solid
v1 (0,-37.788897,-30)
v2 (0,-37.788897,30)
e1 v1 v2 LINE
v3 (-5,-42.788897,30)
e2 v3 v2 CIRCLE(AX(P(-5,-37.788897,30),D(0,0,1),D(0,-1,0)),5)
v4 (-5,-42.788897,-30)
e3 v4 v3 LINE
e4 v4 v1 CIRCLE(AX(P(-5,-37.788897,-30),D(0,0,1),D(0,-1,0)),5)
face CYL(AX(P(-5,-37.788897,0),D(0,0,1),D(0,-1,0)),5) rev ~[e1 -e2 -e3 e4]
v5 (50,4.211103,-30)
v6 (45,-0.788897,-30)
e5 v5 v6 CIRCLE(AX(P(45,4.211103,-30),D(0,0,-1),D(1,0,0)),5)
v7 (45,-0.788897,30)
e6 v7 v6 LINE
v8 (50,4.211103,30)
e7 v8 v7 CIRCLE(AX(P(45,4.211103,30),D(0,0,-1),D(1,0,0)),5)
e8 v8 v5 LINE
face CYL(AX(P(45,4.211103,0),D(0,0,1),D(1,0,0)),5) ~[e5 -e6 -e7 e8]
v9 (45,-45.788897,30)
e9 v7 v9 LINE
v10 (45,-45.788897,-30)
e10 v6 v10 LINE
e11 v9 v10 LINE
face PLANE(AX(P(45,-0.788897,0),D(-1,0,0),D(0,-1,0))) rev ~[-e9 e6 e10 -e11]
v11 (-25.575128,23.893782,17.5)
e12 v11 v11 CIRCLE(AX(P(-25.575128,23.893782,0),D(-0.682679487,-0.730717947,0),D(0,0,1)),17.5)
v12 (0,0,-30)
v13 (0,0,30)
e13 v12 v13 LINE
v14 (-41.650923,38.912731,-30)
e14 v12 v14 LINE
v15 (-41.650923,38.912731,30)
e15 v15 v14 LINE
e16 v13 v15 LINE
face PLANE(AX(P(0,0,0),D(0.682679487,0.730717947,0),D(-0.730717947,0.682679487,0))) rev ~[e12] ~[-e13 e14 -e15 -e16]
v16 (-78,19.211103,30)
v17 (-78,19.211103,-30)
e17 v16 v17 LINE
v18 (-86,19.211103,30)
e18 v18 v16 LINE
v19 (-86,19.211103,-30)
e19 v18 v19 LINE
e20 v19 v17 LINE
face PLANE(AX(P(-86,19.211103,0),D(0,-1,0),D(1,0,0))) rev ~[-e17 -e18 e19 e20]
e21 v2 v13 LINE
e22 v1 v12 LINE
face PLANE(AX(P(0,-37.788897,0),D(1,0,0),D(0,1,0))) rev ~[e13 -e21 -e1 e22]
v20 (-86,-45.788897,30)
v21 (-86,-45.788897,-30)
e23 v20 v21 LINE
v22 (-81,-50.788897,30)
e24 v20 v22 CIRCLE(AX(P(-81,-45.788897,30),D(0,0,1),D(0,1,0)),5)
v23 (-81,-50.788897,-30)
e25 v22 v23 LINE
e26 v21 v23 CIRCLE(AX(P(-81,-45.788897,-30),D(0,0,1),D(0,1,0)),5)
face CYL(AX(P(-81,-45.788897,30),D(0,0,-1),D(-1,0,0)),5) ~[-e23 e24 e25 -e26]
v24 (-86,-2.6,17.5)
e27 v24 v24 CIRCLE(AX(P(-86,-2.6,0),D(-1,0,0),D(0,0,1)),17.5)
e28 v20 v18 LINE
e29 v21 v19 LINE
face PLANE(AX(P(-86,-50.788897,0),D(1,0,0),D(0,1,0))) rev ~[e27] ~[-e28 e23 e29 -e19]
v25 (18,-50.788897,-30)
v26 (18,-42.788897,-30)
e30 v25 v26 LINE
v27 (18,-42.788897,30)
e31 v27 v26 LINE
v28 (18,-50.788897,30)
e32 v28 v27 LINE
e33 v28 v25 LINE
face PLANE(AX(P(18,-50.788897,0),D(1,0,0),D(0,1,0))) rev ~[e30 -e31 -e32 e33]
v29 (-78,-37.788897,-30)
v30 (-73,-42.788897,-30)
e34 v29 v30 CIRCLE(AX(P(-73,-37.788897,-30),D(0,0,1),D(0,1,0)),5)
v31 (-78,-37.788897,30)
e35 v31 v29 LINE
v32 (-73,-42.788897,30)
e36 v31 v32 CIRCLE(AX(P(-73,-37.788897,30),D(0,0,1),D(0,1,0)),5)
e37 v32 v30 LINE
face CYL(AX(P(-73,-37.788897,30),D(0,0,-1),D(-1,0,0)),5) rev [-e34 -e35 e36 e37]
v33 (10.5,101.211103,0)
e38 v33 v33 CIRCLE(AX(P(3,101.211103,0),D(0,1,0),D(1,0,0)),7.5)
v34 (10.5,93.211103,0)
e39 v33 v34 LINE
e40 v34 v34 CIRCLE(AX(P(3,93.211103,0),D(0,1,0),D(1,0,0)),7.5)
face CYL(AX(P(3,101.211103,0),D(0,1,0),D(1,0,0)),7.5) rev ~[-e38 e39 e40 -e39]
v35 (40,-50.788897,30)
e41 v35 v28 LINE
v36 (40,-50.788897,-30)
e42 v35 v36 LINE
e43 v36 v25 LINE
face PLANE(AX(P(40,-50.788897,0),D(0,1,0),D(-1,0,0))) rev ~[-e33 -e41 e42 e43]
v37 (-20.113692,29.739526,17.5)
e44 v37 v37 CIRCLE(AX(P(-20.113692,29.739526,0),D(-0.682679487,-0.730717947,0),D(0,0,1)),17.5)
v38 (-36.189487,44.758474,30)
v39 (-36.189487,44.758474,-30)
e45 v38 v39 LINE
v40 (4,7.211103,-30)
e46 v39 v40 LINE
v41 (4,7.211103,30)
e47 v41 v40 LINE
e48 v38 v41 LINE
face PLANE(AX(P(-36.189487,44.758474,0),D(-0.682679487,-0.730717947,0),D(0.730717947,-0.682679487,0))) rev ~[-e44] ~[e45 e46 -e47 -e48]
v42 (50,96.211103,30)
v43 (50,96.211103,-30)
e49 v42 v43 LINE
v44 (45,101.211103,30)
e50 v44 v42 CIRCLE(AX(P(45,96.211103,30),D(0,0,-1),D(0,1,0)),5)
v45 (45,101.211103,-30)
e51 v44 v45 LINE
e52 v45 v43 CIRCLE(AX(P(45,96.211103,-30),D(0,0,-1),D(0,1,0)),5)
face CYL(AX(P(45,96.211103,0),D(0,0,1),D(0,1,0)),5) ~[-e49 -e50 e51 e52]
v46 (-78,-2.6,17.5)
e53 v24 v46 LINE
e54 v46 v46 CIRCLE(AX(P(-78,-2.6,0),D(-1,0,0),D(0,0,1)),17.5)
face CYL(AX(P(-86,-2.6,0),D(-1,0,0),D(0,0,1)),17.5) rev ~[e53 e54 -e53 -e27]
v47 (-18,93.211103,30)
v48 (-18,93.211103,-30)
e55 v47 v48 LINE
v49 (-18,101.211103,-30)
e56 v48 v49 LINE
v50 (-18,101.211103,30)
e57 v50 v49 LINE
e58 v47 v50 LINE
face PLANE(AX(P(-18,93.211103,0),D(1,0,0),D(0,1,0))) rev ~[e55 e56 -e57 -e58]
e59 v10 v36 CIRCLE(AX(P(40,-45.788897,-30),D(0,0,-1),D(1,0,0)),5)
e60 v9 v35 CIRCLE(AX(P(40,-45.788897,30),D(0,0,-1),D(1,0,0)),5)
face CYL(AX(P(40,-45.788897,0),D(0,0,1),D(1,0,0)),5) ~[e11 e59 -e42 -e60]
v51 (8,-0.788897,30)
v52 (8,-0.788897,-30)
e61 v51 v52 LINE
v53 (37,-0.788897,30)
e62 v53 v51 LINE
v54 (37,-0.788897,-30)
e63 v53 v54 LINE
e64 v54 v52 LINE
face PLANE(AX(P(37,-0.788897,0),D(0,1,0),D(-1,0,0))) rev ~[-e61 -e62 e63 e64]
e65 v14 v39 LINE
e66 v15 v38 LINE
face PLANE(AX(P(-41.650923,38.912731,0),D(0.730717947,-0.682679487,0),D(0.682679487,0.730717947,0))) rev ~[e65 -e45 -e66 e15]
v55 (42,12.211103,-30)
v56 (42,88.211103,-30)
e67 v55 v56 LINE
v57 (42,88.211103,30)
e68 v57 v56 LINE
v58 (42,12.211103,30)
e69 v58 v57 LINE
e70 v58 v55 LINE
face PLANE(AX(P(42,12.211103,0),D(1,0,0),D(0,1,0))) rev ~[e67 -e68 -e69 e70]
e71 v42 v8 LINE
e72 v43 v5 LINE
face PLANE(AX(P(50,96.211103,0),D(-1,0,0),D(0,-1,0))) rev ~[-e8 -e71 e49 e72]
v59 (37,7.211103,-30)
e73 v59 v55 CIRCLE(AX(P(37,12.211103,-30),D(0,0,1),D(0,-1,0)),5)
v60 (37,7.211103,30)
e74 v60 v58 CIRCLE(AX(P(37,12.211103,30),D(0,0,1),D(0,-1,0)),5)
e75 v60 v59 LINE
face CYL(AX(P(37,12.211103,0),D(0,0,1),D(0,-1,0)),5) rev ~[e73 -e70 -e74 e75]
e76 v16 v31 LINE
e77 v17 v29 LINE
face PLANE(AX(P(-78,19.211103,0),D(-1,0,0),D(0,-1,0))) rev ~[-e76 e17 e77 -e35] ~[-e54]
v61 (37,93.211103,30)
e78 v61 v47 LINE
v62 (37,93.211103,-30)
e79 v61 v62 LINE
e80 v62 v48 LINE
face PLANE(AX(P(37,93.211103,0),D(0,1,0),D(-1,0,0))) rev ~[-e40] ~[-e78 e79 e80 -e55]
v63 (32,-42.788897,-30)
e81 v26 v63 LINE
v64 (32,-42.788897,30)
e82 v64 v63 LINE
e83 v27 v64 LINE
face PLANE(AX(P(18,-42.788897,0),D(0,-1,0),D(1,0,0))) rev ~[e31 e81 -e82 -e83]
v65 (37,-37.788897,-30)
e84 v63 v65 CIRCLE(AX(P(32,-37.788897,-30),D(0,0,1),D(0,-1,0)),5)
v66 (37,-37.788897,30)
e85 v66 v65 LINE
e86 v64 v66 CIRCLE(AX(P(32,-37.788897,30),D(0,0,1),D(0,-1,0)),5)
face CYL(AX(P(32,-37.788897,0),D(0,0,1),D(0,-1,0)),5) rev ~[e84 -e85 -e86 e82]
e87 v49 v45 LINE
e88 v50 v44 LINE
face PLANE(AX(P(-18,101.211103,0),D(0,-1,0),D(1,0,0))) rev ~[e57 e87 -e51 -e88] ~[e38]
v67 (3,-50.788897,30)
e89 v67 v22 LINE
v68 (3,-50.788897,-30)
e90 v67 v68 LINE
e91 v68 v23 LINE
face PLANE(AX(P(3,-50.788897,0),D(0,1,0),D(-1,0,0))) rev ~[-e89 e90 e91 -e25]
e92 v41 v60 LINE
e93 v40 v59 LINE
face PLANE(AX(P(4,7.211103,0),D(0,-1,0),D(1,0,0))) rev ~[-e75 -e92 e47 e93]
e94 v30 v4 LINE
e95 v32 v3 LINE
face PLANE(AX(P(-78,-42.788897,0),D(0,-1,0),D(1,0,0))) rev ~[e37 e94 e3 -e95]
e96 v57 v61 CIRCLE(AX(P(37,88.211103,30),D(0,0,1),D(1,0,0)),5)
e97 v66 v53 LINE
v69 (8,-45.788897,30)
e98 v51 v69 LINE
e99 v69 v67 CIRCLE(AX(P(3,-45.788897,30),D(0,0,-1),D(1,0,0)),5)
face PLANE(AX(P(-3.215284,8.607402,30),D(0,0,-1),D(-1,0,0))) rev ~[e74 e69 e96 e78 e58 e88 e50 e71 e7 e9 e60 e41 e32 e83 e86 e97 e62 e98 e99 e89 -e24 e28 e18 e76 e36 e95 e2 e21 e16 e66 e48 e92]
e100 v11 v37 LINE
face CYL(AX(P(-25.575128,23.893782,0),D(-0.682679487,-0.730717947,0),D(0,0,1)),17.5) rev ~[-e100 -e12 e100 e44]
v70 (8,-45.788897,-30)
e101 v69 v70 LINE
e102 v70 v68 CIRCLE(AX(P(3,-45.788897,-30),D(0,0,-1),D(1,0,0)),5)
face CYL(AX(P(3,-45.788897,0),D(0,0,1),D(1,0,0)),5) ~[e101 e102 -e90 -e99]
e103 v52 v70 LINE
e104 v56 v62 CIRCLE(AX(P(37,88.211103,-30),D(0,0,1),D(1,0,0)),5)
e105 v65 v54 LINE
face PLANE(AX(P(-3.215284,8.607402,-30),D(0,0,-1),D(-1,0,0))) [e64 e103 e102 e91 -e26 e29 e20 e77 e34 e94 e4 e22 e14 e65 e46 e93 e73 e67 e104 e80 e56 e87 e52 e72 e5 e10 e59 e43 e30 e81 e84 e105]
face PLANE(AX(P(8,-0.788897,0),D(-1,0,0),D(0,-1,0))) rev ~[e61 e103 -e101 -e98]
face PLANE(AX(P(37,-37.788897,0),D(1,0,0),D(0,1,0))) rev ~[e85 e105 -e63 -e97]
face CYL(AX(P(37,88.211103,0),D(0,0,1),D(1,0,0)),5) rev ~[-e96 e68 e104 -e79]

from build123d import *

# Parameters (mm, degrees)
BOSS_EXTRUDE3_DEPTH = 30
SKETCH10_R          = 17.5
CUT_EXTRUDE1_DEPTH  = 8
SKETCH11_R          = 17.5
CUT_EXTRUDE2_DEPTH  = 8
FILLET3_R           = 5
FILLET4_R           = 5
SKETCH12_R          = 7.5
CUT_EXTRUDE3_DEPTH  = 10


with BuildPart() as part:
    # Sketch3 → Boss-Extrude3 (new body, symmetric)
    with BuildSketch(Plane.XY):
        with BuildLine():
            Line((0, 0), (-41.650922989, 38.912730747))
            Line((-41.650922989, 38.912730747), (-36.189487094, 44.758474324))
            Line((-36.189487094, 44.758474324), (4, 7.211102551))
            Line((4, 7.211102551), (37, 7.211102551))
            ThreePointArc((37, 7.211102551), (40.535533906, 8.675568645), (42, 12.211102551))
            Line((42, 12.211102551), (42, 88.211102551))
            ThreePointArc((42, 88.211102551), (40.535533906, 91.746636457), (37, 93.211102551))
            Line((37, 93.211102551), (-18, 93.211102551))
            Line((-18, 93.211102551), (-18, 101.211102551))
            Line((-18, 101.211102551), (45, 101.211102551))
            ThreePointArc((45, 101.211102551), (48.535533906, 99.746636457), (50, 96.211102551))
            Line((50, 96.211102551), (50, 4.211102551))
            ThreePointArc((50, 4.211102551), (48.535533906, 0.675568645), (45, -0.788897449))
            Line((45, -0.788897449), (45, -45.788897449))
            ThreePointArc((45, -45.788897449), (43.535533906, -49.324431355), (40, -50.788897449))
            Line((40, -50.788897449), (18, -50.788897449))
            Line((18, -50.788897449), (18, -42.788897449))
            Line((18, -42.788897449), (32, -42.788897449))
            ThreePointArc((32, -42.788897449), (35.535533906, -41.324431355), (37, -37.788897449))
            Line((37, -37.788897449), (37, -0.788897449))
            Line((37, -0.788897449), (8, -0.788897449))
            Line((8, -0.788897449), (8, -45.788897449))
            ThreePointArc((8, -45.788897449), (6.535533906, -49.324431355), (3, -50.788897449))
            Line((3, -50.788897449), (-86, -50.788897449))
            Line((-86, -50.788897449), (-86, 19.211102551))
            Line((-86, 19.211102551), (-78, 19.211102551))
            Line((-78, 19.211102551), (-78, -42.788897449))
            Line((-78, -42.788897449), (-5, -42.788897449))
            ThreePointArc((-5, -42.788897449), (-1.464466094, -41.324431355), (0, -37.788897449))
            Line((0, -37.788897449), (0, 0))
        make_face()
    extrude(amount=BOSS_EXTRUDE3_DEPTH, both=True)

    # Sketch10 → Cut-Extrude1 (cut)
    with BuildSketch(Plane(origin=(0, 0, 0), x_dir=(0, 0, 1), z_dir=(-0.682679487, -0.730717947, 0))):
        with Locations((0, 35)):
            Circle(SKETCH10_R)
    extrude(amount=-CUT_EXTRUDE1_DEPTH, mode=Mode.SUBTRACT)

    # Sketch11 → Cut-Extrude2 (cut)
    with BuildSketch(Plane.ZY.offset(86)):
        with Locations((0, -2.6)):
            Circle(SKETCH11_R)
    extrude(amount=-CUT_EXTRUDE2_DEPTH, mode=Mode.SUBTRACT)

    # Fillet3
    fillet3_edges = [part.edges().sort_by_distance(p)[0] for p in [
        (-78, -42.788897449, 0),
    ]]
    fillet(fillet3_edges, radius=FILLET3_R)

    # Fillet4
    fillet4_edges = [part.edges().sort_by_distance(p)[0] for p in [
        (-86, -50.788897449, 0),
    ]]
    fillet(fillet4_edges, radius=FILLET4_R)

    # Sketch12 → Cut-Extrude3 (cut)
    with BuildSketch(Plane(origin=(0, 101.211102551, 0), x_dir=(1, 0, 0), z_dir=(0, 1, 0))):
        with Locations((3, 0)):
            Circle(SKETCH12_R)
    extrude(amount=-CUT_EXTRUDE3_DEPTH, mode=Mode.SUBTRACT)


solid = part.part
